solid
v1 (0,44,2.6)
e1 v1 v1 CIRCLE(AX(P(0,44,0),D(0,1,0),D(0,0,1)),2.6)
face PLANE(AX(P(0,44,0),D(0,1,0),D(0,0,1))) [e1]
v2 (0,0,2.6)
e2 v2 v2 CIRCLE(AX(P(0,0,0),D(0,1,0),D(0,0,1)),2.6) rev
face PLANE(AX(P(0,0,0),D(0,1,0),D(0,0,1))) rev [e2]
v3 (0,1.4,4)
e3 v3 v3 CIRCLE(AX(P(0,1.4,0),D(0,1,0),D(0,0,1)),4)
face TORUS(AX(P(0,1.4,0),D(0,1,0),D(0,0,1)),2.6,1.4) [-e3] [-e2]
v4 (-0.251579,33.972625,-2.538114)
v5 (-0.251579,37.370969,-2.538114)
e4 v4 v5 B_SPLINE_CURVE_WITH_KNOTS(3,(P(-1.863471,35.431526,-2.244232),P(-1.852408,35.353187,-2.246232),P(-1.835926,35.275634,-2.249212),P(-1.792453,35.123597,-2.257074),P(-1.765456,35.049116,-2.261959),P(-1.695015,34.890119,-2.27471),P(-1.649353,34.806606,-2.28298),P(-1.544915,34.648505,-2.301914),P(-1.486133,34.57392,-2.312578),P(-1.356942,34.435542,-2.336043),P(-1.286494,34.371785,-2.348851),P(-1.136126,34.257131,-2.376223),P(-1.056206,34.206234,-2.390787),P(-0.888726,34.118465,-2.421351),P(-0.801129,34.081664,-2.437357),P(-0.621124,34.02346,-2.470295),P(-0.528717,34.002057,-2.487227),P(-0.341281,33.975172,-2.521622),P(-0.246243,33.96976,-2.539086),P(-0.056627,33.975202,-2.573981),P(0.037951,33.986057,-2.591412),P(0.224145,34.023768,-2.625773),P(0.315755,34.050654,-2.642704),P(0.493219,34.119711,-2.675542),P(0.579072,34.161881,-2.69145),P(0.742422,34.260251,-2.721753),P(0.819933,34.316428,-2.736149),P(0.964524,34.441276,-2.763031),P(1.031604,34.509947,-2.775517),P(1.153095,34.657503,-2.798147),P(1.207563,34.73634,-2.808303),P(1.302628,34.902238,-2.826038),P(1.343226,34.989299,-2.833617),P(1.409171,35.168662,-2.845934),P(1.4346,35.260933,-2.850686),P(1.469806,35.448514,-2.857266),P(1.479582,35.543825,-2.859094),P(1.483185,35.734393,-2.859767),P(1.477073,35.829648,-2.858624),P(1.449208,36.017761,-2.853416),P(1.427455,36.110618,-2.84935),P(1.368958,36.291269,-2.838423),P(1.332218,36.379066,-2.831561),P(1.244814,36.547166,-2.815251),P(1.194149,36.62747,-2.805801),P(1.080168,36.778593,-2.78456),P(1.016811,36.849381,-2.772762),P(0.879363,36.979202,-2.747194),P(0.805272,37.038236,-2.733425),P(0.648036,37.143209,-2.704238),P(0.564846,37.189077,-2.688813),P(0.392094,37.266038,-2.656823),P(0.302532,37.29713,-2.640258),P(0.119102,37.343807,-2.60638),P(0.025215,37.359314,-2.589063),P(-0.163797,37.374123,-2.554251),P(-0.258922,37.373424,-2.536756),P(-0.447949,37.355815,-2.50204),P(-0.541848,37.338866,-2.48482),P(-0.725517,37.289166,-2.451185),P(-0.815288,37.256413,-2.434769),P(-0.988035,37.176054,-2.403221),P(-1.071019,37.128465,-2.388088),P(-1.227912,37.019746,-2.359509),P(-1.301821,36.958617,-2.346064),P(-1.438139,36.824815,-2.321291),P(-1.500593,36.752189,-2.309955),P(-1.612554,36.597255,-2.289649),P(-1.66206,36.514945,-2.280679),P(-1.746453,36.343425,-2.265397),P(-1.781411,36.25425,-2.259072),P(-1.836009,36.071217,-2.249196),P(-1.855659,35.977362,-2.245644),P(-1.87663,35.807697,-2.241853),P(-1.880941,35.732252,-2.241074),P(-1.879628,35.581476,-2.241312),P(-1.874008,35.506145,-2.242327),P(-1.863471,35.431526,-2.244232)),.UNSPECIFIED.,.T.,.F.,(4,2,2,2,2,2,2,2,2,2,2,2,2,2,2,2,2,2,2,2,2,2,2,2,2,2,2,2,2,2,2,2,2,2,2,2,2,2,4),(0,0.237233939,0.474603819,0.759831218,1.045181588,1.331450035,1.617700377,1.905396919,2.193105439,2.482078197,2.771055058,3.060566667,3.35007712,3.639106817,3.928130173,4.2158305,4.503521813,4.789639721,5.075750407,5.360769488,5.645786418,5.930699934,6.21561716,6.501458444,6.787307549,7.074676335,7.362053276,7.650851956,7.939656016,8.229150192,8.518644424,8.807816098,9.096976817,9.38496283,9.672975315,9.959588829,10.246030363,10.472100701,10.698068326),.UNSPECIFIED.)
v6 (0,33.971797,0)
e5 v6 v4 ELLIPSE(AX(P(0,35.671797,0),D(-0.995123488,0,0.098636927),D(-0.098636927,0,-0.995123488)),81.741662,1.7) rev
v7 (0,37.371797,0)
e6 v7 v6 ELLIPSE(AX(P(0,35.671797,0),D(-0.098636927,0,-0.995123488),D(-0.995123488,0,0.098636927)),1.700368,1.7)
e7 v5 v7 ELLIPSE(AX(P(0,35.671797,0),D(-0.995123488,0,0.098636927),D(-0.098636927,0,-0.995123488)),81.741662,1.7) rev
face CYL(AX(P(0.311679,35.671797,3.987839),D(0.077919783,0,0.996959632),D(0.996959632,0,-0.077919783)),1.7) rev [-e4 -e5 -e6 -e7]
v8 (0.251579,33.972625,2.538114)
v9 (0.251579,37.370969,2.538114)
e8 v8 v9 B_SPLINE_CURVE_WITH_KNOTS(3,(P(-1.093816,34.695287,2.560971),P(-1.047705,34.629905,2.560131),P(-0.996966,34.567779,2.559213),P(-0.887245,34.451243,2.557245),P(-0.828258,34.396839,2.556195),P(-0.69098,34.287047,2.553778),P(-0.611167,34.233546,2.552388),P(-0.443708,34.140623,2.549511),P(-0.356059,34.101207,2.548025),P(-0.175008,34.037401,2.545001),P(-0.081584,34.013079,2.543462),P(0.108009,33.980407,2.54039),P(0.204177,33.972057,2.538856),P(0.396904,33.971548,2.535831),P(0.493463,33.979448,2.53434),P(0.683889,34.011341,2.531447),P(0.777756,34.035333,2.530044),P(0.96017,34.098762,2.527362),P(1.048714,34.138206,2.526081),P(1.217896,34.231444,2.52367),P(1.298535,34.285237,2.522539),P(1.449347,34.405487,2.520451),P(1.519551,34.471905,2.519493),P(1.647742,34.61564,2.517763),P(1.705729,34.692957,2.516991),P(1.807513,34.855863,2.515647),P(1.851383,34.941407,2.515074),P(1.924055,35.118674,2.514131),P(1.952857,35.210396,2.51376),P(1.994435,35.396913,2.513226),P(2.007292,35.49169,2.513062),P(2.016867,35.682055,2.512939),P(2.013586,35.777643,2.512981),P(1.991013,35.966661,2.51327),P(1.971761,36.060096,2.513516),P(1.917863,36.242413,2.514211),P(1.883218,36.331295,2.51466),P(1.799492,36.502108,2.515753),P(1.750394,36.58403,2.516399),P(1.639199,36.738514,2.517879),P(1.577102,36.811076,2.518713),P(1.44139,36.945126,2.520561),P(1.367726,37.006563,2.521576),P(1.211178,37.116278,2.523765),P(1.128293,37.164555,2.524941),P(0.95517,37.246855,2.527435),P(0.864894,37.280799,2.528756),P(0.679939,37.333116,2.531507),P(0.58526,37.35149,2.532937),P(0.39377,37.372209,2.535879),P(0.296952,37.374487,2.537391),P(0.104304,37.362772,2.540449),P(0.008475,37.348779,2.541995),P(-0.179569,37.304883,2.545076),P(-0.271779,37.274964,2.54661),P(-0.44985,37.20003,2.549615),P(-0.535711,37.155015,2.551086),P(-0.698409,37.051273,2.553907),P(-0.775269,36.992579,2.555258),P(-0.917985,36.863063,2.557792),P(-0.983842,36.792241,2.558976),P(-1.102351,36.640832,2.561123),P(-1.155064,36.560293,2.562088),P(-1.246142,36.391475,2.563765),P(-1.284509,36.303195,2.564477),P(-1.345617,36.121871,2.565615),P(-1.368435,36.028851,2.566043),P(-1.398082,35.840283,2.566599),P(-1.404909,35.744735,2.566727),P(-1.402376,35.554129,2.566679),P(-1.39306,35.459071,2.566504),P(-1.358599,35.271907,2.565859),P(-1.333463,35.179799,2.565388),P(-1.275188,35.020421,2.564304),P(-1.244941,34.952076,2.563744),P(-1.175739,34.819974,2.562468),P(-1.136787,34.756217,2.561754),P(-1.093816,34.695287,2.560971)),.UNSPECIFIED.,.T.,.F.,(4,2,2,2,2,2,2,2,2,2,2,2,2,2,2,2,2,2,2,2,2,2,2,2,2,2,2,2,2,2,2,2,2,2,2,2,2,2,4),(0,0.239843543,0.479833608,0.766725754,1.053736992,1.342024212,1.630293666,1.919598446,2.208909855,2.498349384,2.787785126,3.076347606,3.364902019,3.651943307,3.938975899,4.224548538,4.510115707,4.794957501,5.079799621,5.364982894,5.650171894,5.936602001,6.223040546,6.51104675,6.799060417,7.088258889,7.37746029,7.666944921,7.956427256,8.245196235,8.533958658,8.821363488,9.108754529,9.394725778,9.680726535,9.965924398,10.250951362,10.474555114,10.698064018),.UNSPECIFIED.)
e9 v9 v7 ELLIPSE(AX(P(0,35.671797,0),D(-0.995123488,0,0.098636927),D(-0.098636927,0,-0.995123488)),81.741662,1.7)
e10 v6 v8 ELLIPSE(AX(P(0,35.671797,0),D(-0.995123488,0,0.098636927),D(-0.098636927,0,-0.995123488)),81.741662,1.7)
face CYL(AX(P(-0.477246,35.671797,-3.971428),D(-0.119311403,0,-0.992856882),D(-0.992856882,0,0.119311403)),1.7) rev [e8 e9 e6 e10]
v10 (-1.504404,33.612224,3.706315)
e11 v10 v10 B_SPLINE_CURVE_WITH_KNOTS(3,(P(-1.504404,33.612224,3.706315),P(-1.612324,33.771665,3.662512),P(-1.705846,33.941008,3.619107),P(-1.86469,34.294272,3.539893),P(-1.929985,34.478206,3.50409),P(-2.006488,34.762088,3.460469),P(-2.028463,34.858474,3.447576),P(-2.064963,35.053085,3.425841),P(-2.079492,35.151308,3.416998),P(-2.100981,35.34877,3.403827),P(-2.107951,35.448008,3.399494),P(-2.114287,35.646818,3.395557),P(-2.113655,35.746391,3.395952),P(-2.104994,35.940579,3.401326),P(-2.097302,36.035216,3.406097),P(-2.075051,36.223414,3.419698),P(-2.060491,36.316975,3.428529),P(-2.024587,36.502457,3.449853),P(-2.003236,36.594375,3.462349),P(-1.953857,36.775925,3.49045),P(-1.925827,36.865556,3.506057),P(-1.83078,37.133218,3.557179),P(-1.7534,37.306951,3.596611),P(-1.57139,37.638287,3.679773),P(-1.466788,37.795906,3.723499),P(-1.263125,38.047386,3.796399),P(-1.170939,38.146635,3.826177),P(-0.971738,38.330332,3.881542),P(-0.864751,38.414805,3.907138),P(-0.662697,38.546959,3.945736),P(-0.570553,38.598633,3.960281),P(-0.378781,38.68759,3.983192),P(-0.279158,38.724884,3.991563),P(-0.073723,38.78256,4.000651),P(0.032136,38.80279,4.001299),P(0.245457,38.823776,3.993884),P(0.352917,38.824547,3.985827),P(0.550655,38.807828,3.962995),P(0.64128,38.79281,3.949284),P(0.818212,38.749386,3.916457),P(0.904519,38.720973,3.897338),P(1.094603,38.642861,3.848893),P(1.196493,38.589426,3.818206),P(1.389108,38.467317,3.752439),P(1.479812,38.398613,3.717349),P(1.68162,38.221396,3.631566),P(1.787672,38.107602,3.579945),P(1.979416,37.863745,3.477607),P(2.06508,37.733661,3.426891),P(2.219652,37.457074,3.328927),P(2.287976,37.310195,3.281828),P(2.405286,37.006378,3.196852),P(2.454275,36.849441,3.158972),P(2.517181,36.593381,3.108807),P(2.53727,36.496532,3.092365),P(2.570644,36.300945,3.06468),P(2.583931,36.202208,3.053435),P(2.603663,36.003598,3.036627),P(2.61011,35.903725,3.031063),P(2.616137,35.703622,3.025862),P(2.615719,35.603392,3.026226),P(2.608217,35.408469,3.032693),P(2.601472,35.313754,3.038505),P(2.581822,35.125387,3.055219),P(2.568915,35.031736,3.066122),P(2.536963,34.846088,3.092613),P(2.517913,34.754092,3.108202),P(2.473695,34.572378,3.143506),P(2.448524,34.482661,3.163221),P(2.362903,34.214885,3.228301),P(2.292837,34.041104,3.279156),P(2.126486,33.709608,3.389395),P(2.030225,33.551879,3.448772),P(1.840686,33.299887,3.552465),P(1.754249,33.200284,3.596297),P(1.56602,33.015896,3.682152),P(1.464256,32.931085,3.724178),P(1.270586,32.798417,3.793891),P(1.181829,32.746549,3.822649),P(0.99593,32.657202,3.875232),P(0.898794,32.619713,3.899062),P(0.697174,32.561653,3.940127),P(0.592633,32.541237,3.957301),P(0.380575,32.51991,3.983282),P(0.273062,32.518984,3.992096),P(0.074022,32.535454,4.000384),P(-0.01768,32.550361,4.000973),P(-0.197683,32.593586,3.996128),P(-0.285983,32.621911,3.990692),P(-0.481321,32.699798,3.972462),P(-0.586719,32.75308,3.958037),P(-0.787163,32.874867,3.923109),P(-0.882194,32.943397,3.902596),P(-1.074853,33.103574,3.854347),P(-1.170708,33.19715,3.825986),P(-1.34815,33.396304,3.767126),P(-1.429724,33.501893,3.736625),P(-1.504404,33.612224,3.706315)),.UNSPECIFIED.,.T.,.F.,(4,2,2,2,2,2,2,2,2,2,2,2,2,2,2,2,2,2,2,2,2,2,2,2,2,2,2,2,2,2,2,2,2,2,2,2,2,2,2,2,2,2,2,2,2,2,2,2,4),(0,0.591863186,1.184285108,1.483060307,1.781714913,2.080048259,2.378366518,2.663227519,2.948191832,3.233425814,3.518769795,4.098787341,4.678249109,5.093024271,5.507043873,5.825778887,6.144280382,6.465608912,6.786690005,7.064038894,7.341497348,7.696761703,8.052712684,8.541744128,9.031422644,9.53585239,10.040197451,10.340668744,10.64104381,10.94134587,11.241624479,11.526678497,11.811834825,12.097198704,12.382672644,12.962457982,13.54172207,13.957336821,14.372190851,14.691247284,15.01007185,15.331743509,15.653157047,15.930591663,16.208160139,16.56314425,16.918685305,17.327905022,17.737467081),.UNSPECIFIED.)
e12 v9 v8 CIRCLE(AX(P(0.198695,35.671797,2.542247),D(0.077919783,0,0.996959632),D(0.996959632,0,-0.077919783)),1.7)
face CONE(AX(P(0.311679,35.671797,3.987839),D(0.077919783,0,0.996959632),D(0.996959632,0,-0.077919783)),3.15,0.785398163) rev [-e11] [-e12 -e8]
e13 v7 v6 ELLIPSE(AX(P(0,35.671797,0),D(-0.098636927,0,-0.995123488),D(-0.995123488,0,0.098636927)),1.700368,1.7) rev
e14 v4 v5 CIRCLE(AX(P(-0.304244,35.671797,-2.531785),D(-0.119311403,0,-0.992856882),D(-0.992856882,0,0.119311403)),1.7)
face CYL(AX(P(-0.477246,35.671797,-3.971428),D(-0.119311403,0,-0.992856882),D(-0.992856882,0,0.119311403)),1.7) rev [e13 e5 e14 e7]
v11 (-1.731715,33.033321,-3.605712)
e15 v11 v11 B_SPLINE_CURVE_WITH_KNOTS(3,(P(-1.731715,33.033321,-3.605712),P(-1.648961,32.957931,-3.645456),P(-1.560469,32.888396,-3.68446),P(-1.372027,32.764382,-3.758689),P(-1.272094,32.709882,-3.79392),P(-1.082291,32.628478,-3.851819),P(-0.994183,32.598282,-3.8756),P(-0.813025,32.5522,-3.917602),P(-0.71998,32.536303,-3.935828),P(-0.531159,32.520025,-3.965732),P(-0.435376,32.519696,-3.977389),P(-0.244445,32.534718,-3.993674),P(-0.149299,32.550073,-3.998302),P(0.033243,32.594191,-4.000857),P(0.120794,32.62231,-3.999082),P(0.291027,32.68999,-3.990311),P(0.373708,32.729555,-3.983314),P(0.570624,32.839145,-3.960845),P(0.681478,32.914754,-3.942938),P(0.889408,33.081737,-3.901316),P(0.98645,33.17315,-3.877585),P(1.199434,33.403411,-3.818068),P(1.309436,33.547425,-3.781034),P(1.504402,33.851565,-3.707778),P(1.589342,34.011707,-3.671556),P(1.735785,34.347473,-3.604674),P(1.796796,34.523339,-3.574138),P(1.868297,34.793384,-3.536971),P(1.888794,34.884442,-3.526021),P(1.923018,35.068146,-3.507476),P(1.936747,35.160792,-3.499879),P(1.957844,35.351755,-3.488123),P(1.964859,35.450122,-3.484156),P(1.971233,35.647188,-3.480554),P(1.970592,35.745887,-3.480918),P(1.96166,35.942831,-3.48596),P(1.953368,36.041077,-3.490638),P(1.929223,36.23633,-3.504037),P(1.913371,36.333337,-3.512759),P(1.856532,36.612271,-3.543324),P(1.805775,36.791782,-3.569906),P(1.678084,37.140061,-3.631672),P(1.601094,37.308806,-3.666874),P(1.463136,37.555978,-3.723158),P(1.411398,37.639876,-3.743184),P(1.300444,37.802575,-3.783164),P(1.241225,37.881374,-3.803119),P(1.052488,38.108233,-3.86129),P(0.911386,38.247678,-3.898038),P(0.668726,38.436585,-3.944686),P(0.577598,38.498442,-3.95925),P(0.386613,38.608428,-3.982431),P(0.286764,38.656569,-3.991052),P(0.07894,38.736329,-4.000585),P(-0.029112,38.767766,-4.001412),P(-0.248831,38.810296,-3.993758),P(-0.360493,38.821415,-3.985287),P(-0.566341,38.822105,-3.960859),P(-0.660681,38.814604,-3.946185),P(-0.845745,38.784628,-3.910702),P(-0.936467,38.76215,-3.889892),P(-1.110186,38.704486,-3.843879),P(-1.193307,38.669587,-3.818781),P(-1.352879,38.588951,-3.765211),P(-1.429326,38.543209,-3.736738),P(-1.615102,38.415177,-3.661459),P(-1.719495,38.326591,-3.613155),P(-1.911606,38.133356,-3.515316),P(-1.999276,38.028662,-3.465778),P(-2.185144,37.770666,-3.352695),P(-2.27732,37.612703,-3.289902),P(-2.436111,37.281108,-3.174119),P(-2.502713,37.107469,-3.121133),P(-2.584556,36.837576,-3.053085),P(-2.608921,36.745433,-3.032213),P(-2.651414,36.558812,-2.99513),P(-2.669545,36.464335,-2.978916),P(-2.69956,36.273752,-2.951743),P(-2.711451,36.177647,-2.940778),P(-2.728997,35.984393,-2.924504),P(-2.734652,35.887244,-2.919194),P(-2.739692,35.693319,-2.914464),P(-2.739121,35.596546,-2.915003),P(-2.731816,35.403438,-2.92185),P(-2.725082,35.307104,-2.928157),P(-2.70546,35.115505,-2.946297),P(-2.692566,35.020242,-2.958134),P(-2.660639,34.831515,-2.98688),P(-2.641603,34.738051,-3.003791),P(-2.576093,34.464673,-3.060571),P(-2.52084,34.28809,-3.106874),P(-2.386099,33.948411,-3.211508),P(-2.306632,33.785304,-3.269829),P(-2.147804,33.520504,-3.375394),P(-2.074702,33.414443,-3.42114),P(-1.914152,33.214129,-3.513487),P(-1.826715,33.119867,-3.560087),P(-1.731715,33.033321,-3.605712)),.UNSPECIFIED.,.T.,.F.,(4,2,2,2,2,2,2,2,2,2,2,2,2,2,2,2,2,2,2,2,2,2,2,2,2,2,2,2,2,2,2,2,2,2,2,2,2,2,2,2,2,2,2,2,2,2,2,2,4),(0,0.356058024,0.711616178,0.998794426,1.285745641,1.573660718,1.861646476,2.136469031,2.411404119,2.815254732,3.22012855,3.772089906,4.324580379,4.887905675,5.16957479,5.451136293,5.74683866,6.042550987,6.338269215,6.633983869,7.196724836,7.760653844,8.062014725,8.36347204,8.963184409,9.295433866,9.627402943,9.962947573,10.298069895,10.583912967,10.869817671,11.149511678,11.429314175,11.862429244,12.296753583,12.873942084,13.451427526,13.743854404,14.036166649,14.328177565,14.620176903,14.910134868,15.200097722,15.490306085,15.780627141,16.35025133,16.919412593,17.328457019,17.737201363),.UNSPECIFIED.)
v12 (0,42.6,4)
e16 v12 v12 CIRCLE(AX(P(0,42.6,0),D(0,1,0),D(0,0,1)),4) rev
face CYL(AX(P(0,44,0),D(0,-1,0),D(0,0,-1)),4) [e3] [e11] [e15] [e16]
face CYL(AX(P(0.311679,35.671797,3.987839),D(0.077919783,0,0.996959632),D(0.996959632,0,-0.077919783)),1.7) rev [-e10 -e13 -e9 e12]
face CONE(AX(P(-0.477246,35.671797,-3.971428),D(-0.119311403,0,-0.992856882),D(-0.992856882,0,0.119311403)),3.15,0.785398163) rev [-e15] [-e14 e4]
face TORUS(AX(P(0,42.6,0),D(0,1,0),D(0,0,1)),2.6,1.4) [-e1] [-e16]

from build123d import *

# Parameters (mm, degrees)
SKETCH1_R           = 4
BOSS_EXTRUDE1_DEPTH = 44
FILLET3_R           = 1.4


with BuildPart() as part:
    # Sketch1 → Boss-Extrude1 (new body)
    with BuildSketch(Plane(origin=(0, 0, 0), x_dir=(1, 0, 0), z_dir=(0, 1, 0))):
        with Locations(Location((0, 0, 0), (0, 0, 270))):
            Circle(SKETCH1_R)
    extrude(amount=BOSS_EXTRUDE1_DEPTH)

    # Fillet3
    fillet3_edges = [part.edges().sort_by_distance(p)[0] for p in [
        (0, 0, -4),
        (0, 44, -4),
    ]]
    fillet(fillet3_edges, radius=FILLET3_R)

    # Sketch6 → CSK for M3 Oval Head Machine Screw1 (revolve, cut)
    with BuildSketch(Plane(origin=(0.311679131, 35.67179677, 3.987838527), x_dir=(0.9969596318094598, 0, -0.07791978274062668), z_dir=(0, 1, 0))):
        Polygon((0, 0), (0, 8), (1.725, 8), (1.7, 7.975), (1.7, 1.45), (3.15, 0), align=None)
    revolve(axis=Axis((0.806469751, 35.67179677, 10.318532189), (-0.07791978274062668, 0, -0.9969596318094597)), mode=Mode.SUBTRACT)

    # Sketch6 at point 2 (carried to point 2, square into its face) → CSK for M3 Oval Head Machine Screw1 at 2 (revolve, cut)
    with BuildSketch(Plane(origin=(-0.477245613, 35.67179677, -3.97142753), x_dir=(-0.992856932, 0, 0.119310992), z_dir=(0, 1, 0))):
        Polygon((0, 0), (0, 8), (1.725, 8), (1.7, 7.975), (1.7, 1.45), (3.15, 0), align=None)
    revolve(axis=Axis((-1.234870411, 35.67179677, -10.276069047), (0.119310992, 0, 0.992856932)), mode=Mode.SUBTRACT)


solid = part.part
